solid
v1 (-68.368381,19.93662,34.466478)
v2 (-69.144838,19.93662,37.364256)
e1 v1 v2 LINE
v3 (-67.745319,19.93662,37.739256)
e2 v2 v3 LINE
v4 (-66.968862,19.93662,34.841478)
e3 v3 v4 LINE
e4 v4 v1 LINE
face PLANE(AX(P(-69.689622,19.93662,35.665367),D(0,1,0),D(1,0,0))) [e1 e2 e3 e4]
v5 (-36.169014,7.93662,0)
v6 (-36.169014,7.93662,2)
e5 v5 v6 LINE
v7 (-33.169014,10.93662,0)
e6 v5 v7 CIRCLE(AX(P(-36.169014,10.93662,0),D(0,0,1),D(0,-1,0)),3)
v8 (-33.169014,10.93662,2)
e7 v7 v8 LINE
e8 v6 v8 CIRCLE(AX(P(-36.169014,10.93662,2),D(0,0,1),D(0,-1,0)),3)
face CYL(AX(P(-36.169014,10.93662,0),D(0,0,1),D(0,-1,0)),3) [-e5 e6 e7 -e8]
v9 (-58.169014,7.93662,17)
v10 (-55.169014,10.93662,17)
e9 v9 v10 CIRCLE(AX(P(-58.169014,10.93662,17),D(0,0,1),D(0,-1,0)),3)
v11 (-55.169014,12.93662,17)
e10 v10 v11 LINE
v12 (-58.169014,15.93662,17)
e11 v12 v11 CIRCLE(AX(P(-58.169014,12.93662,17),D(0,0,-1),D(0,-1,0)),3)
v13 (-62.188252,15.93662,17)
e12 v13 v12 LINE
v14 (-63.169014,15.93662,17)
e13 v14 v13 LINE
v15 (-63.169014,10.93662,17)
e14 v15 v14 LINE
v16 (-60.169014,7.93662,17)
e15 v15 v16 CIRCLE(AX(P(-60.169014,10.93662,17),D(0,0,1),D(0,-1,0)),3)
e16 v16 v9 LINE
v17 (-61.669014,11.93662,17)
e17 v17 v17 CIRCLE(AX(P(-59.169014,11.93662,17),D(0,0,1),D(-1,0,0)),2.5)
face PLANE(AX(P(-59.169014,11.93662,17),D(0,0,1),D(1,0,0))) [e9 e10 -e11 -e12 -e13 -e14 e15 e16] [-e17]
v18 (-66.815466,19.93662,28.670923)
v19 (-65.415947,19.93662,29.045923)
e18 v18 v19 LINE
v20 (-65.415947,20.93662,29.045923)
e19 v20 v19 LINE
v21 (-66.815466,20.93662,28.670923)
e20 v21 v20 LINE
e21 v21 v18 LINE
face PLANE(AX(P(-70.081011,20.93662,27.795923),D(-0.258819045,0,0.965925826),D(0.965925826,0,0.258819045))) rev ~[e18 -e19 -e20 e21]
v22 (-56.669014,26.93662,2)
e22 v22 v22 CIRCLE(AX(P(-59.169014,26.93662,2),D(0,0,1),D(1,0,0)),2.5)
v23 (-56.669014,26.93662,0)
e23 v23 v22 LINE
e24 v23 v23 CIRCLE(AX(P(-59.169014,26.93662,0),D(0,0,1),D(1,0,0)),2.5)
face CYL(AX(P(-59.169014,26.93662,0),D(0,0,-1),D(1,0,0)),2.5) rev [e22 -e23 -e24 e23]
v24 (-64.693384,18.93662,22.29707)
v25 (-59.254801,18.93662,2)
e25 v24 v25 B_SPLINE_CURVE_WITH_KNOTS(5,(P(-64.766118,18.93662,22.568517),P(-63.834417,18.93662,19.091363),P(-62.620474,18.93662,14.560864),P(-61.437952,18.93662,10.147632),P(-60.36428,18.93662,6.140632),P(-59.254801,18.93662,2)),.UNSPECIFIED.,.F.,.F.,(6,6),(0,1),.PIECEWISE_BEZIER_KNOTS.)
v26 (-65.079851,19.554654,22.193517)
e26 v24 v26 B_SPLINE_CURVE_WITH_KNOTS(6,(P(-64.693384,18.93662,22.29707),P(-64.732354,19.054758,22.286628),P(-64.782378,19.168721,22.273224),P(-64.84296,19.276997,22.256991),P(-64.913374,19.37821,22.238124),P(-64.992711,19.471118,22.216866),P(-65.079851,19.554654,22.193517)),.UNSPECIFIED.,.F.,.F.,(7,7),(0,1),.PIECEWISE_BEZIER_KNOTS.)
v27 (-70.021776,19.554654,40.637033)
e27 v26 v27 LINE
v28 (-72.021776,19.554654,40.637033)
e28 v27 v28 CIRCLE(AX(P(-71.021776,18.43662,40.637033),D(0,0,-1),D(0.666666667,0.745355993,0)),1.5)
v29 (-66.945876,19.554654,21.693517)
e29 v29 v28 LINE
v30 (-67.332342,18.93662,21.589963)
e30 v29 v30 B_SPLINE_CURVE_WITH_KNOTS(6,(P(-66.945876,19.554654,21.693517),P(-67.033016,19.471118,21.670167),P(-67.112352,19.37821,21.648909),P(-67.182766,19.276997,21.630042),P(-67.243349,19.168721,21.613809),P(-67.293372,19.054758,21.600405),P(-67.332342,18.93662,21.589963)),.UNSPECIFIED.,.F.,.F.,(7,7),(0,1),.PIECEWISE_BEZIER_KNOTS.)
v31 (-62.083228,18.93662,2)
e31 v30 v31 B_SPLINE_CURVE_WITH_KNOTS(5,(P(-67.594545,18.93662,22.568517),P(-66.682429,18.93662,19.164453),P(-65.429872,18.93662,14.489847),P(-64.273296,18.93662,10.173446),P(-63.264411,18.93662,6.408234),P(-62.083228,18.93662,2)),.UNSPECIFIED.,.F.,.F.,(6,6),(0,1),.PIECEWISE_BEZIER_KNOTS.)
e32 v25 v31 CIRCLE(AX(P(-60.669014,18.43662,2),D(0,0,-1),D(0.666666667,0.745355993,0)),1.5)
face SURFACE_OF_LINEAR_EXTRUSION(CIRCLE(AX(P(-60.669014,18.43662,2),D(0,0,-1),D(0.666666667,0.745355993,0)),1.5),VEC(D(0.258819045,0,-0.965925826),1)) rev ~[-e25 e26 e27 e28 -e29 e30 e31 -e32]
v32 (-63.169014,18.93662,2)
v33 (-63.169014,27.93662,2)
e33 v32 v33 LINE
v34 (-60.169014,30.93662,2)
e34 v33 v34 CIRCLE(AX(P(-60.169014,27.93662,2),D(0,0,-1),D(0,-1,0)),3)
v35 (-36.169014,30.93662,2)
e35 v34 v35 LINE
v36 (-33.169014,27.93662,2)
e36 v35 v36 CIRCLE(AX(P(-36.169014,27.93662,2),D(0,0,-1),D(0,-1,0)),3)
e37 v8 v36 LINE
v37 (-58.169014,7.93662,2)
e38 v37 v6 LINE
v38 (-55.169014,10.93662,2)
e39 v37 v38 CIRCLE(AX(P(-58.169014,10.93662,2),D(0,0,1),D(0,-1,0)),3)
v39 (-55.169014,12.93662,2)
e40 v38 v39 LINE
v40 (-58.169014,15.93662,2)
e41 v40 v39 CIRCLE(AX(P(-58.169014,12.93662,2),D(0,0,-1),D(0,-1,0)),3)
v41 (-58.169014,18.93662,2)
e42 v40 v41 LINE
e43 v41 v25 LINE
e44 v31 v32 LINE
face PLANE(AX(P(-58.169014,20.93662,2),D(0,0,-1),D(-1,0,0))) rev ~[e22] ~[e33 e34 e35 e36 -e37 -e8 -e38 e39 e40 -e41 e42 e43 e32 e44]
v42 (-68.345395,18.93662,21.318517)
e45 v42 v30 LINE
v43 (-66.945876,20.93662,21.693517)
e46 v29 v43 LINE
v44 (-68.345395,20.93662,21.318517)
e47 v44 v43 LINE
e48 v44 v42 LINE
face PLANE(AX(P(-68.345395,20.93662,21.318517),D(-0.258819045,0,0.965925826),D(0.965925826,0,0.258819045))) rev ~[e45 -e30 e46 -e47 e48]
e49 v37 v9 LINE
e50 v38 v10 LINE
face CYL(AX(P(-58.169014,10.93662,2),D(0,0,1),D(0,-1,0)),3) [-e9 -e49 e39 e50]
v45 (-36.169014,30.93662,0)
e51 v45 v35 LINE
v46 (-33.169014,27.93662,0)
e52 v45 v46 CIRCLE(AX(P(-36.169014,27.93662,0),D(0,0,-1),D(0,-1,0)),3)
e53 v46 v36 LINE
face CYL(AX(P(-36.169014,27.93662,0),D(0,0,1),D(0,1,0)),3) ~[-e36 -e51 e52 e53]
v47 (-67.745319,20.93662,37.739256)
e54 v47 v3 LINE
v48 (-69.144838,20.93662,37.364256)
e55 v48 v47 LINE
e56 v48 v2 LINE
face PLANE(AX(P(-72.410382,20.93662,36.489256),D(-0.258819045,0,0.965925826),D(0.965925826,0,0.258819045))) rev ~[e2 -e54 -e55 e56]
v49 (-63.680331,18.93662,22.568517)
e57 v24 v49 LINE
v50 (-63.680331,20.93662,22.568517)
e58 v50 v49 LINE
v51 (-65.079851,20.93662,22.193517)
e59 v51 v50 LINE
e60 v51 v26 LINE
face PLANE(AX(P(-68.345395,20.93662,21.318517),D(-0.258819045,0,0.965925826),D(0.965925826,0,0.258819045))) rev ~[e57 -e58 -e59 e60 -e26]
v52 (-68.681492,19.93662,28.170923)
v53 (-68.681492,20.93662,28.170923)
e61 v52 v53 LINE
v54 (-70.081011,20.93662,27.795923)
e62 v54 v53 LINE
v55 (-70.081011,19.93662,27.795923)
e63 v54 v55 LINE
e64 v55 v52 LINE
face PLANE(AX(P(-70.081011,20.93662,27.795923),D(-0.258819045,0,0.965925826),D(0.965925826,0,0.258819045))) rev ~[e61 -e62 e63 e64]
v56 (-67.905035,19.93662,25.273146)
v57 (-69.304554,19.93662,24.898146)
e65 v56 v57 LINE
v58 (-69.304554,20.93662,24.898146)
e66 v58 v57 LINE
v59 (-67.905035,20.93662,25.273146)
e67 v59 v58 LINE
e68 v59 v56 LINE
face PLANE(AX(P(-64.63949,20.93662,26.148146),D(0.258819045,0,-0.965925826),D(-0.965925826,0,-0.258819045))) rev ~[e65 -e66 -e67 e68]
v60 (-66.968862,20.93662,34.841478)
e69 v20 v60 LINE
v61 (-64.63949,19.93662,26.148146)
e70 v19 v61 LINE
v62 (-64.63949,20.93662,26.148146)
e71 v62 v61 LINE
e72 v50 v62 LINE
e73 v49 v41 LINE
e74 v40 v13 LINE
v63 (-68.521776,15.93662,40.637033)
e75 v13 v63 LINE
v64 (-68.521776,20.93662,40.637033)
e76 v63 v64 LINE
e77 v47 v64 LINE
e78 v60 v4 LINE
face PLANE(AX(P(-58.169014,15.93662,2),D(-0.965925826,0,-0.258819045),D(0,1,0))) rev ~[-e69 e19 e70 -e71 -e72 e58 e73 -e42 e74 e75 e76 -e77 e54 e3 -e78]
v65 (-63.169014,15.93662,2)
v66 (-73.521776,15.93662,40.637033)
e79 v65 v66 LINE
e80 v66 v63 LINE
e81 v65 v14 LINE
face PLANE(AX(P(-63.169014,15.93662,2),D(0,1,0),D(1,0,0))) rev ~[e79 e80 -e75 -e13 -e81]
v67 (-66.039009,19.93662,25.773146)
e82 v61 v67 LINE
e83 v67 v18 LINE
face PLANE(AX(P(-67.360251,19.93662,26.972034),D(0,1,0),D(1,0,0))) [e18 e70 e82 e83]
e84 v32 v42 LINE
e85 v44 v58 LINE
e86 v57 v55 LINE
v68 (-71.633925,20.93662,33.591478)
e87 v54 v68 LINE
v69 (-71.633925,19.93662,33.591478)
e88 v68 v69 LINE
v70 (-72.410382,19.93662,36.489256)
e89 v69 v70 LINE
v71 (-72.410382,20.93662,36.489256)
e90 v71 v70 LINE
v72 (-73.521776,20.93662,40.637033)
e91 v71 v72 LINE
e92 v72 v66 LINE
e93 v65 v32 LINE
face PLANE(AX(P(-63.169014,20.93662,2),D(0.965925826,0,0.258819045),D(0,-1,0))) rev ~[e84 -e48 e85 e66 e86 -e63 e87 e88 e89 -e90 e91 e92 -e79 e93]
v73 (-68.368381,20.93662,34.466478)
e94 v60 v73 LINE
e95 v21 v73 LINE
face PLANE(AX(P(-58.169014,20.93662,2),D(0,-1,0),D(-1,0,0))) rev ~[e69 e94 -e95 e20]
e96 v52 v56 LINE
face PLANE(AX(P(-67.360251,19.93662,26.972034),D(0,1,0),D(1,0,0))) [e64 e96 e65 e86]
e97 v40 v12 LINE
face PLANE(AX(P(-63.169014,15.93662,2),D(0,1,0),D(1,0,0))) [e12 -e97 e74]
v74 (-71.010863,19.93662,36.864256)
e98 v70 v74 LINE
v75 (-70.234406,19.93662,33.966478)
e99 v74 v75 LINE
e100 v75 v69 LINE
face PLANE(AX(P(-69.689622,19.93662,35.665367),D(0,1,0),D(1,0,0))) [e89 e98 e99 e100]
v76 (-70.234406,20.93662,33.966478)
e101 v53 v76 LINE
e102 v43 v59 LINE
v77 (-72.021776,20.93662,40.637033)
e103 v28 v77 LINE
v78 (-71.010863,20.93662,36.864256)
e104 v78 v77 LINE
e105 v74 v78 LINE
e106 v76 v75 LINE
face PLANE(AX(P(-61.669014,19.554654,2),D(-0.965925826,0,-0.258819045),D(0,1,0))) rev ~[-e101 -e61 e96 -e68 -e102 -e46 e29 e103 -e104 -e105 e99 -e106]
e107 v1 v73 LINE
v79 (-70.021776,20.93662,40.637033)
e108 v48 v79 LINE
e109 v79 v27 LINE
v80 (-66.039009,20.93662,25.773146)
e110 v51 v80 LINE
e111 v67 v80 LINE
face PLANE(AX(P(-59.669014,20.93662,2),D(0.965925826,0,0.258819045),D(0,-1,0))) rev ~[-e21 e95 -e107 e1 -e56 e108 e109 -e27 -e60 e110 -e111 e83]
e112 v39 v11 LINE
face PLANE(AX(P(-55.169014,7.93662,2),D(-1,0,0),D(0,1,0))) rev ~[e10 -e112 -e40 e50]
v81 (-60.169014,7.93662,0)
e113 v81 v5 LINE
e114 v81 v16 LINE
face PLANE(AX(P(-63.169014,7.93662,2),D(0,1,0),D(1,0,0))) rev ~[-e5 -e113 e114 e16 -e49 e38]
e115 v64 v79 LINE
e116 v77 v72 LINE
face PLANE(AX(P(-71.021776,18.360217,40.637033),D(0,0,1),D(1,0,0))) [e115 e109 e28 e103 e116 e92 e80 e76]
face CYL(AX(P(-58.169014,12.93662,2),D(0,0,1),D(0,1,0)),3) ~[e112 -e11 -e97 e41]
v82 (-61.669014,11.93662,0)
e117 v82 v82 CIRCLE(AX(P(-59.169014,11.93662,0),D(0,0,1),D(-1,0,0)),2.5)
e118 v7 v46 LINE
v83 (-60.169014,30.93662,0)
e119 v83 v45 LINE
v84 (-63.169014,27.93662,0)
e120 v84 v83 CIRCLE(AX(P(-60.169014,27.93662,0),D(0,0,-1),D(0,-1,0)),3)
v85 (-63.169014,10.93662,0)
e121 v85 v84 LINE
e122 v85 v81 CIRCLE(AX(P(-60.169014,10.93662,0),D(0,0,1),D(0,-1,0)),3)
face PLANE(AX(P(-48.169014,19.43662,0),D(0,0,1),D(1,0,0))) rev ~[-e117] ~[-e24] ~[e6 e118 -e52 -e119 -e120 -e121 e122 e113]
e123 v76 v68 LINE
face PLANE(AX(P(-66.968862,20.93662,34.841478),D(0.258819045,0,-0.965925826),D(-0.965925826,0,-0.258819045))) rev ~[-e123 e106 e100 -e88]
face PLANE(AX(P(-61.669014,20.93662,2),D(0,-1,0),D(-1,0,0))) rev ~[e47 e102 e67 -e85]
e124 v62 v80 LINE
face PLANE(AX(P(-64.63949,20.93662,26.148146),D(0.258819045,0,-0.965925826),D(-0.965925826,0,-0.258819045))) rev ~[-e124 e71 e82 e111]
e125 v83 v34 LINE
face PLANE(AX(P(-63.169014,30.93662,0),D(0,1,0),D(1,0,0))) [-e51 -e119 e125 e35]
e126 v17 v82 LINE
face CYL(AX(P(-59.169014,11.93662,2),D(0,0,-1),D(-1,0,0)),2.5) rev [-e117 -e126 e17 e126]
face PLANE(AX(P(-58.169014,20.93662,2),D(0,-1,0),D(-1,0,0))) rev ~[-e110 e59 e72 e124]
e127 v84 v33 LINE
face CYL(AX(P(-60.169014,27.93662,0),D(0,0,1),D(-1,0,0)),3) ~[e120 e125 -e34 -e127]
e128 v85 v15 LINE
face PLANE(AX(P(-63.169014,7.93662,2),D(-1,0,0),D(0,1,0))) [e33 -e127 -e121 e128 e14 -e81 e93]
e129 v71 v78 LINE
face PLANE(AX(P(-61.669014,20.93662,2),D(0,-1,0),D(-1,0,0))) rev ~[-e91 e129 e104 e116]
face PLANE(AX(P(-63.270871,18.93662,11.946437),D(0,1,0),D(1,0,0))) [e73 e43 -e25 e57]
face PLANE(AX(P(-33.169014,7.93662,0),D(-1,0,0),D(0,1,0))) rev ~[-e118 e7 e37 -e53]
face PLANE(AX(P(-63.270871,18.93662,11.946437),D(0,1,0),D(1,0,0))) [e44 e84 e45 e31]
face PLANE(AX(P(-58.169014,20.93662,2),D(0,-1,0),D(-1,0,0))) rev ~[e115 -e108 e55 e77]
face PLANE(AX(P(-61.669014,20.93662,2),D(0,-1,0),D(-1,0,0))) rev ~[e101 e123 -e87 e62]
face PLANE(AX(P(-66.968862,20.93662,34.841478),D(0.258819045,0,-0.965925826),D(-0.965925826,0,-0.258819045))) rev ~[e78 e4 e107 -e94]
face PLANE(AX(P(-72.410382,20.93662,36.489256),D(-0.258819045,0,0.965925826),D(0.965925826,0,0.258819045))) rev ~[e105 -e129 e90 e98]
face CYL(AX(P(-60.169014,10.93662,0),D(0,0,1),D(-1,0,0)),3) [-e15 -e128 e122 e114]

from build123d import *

# Parameters (mm, degrees)
CROQUIS3_W              = 30
CROQUIS3_H              = 23
CROQUIS3_R              = 2.5
SALIENTE_EXTRUIR2_DEPTH = 2
CROQUIS5_W              = 8
CROQUIS5_H              = 8
CROQUIS5_R              = 2.5
SALIENTE_EXTRUIR3_DEPTH = 15
SALIENTE_EXTRUIR4_DEPTH = 40
REDONDEO1_R             = 3
CORTAR_EXTRUIR2_DEPTH   = 2
CORTAR_EXTRUIR3_DEPTH   = 1


with BuildPart() as part:
    # Croquis3 → Saliente-Extruir2 (new body)
    with BuildSketch(Plane.XY):
        with Locations((-48.169014085, 19.436619718)):
            Rectangle(CROQUIS3_W, CROQUIS3_H)
        with Locations((-59.169014085, 26.936619718)):
            Circle(CROQUIS3_R, mode=Mode.SUBTRACT)
        with Locations(Location((-59.169014085, 11.936619718, 0), (0, 0, 180))):
            Circle(CROQUIS3_R, mode=Mode.SUBTRACT)
    extrude(amount=SALIENTE_EXTRUIR2_DEPTH)

    # Croquis5 → Saliente-Extruir3 (add)
    with BuildSketch(Plane.XY.offset(2)):
        with Locations((-59.169014085, 11.936619718)):
            Rectangle(CROQUIS5_W, CROQUIS5_H)
        with Locations(Location((-59.169014085, 11.936619718, 0), (0, 0, 180))):
            Circle(CROQUIS5_R, mode=Mode.SUBTRACT)
    extrude(amount=SALIENTE_EXTRUIR3_DEPTH)

    # Croquis6 → Saliente-Extruir4 (add, along a direction that is not the sketch's normal)
    with BuildSketch(Plane.XY.offset(2)):
        with BuildLine():
            Line((-63.169014085, 15.936619718), (-58.169014085, 15.936619718))
            Line((-58.169014085, 15.936619718), (-58.169014085, 20.936619718))
            Line((-58.169014085, 20.936619718), (-59.669014085, 20.936619718))
            Line((-59.669014085, 20.936619718), (-59.669014085, 19.554653707))
            ThreePointArc((-59.669014085, 19.554653707), (-60.669014085, 16.936619718), (-61.669014085, 19.554653707))
            Line((-61.669014085, 19.554653707), (-61.669014085, 20.936619718))
            Line((-61.669014085, 20.936619718), (-63.169014085, 20.936619718))
            Line((-63.169014085, 20.936619718), (-63.169014085, 15.936619718))
        make_face()
    extrude(amount=SALIENTE_EXTRUIR4_DEPTH, dir=(-0.2588190451025139, 0, 0.9659258262890701))

    # Redondeo1
    redondeo1_edges = [part.edges().sort_by_distance(p)[0] for p in [
        (-33.169014085, 7.936619718, 1),
        (-33.169014085, 30.936619718, 1),
        (-63.169014085, 7.936619718, 8.5),
        (-63.169014085, 30.936619718, 1),
        (-55.169014085, 7.936619718, 9.5),
        (-55.169014085, 15.936619718, 9.5),
    ]]
    fillet(redondeo1_edges, radius=REDONDEO1_R)

    # Croquis10 → Cortar-Extruir2 (cut)
    with BuildSketch(Plane(origin=(0, 20.936619718, 0), x_dir=(1, 0, 0), z_dir=(0, 1, 0))):
        Polygon((-58.169014085, -2), (-63.169014085, -2), (-68.345394987, -21.318516526), (-63.680331477, -22.568516526), align=None)
    extrude(amount=-CORTAR_EXTRUIR2_DEPTH, mode=Mode.SUBTRACT)

    # Croquis11 → Cortar-Extruir3 (cut)
    with BuildSketch(Plane(origin=(0, 20.936619718, 0), x_dir=(1, 0, 0), z_dir=(0, 1, 0))):
        Polygon((-64.639490212, -26.148145657), (-69.304553722, -24.898145657), (-70.081010857, -27.795923136), (-65.415947347, -29.045923136), align=None)
        Polygon((-66.968861618, -34.841478094), (-71.633925127, -33.591478094), (-72.410382263, -36.489255573), (-67.745318753, -37.739255573), align=None)
    extrude(amount=-CORTAR_EXTRUIR3_DEPTH, mode=Mode.SUBTRACT)


solid = part.part
